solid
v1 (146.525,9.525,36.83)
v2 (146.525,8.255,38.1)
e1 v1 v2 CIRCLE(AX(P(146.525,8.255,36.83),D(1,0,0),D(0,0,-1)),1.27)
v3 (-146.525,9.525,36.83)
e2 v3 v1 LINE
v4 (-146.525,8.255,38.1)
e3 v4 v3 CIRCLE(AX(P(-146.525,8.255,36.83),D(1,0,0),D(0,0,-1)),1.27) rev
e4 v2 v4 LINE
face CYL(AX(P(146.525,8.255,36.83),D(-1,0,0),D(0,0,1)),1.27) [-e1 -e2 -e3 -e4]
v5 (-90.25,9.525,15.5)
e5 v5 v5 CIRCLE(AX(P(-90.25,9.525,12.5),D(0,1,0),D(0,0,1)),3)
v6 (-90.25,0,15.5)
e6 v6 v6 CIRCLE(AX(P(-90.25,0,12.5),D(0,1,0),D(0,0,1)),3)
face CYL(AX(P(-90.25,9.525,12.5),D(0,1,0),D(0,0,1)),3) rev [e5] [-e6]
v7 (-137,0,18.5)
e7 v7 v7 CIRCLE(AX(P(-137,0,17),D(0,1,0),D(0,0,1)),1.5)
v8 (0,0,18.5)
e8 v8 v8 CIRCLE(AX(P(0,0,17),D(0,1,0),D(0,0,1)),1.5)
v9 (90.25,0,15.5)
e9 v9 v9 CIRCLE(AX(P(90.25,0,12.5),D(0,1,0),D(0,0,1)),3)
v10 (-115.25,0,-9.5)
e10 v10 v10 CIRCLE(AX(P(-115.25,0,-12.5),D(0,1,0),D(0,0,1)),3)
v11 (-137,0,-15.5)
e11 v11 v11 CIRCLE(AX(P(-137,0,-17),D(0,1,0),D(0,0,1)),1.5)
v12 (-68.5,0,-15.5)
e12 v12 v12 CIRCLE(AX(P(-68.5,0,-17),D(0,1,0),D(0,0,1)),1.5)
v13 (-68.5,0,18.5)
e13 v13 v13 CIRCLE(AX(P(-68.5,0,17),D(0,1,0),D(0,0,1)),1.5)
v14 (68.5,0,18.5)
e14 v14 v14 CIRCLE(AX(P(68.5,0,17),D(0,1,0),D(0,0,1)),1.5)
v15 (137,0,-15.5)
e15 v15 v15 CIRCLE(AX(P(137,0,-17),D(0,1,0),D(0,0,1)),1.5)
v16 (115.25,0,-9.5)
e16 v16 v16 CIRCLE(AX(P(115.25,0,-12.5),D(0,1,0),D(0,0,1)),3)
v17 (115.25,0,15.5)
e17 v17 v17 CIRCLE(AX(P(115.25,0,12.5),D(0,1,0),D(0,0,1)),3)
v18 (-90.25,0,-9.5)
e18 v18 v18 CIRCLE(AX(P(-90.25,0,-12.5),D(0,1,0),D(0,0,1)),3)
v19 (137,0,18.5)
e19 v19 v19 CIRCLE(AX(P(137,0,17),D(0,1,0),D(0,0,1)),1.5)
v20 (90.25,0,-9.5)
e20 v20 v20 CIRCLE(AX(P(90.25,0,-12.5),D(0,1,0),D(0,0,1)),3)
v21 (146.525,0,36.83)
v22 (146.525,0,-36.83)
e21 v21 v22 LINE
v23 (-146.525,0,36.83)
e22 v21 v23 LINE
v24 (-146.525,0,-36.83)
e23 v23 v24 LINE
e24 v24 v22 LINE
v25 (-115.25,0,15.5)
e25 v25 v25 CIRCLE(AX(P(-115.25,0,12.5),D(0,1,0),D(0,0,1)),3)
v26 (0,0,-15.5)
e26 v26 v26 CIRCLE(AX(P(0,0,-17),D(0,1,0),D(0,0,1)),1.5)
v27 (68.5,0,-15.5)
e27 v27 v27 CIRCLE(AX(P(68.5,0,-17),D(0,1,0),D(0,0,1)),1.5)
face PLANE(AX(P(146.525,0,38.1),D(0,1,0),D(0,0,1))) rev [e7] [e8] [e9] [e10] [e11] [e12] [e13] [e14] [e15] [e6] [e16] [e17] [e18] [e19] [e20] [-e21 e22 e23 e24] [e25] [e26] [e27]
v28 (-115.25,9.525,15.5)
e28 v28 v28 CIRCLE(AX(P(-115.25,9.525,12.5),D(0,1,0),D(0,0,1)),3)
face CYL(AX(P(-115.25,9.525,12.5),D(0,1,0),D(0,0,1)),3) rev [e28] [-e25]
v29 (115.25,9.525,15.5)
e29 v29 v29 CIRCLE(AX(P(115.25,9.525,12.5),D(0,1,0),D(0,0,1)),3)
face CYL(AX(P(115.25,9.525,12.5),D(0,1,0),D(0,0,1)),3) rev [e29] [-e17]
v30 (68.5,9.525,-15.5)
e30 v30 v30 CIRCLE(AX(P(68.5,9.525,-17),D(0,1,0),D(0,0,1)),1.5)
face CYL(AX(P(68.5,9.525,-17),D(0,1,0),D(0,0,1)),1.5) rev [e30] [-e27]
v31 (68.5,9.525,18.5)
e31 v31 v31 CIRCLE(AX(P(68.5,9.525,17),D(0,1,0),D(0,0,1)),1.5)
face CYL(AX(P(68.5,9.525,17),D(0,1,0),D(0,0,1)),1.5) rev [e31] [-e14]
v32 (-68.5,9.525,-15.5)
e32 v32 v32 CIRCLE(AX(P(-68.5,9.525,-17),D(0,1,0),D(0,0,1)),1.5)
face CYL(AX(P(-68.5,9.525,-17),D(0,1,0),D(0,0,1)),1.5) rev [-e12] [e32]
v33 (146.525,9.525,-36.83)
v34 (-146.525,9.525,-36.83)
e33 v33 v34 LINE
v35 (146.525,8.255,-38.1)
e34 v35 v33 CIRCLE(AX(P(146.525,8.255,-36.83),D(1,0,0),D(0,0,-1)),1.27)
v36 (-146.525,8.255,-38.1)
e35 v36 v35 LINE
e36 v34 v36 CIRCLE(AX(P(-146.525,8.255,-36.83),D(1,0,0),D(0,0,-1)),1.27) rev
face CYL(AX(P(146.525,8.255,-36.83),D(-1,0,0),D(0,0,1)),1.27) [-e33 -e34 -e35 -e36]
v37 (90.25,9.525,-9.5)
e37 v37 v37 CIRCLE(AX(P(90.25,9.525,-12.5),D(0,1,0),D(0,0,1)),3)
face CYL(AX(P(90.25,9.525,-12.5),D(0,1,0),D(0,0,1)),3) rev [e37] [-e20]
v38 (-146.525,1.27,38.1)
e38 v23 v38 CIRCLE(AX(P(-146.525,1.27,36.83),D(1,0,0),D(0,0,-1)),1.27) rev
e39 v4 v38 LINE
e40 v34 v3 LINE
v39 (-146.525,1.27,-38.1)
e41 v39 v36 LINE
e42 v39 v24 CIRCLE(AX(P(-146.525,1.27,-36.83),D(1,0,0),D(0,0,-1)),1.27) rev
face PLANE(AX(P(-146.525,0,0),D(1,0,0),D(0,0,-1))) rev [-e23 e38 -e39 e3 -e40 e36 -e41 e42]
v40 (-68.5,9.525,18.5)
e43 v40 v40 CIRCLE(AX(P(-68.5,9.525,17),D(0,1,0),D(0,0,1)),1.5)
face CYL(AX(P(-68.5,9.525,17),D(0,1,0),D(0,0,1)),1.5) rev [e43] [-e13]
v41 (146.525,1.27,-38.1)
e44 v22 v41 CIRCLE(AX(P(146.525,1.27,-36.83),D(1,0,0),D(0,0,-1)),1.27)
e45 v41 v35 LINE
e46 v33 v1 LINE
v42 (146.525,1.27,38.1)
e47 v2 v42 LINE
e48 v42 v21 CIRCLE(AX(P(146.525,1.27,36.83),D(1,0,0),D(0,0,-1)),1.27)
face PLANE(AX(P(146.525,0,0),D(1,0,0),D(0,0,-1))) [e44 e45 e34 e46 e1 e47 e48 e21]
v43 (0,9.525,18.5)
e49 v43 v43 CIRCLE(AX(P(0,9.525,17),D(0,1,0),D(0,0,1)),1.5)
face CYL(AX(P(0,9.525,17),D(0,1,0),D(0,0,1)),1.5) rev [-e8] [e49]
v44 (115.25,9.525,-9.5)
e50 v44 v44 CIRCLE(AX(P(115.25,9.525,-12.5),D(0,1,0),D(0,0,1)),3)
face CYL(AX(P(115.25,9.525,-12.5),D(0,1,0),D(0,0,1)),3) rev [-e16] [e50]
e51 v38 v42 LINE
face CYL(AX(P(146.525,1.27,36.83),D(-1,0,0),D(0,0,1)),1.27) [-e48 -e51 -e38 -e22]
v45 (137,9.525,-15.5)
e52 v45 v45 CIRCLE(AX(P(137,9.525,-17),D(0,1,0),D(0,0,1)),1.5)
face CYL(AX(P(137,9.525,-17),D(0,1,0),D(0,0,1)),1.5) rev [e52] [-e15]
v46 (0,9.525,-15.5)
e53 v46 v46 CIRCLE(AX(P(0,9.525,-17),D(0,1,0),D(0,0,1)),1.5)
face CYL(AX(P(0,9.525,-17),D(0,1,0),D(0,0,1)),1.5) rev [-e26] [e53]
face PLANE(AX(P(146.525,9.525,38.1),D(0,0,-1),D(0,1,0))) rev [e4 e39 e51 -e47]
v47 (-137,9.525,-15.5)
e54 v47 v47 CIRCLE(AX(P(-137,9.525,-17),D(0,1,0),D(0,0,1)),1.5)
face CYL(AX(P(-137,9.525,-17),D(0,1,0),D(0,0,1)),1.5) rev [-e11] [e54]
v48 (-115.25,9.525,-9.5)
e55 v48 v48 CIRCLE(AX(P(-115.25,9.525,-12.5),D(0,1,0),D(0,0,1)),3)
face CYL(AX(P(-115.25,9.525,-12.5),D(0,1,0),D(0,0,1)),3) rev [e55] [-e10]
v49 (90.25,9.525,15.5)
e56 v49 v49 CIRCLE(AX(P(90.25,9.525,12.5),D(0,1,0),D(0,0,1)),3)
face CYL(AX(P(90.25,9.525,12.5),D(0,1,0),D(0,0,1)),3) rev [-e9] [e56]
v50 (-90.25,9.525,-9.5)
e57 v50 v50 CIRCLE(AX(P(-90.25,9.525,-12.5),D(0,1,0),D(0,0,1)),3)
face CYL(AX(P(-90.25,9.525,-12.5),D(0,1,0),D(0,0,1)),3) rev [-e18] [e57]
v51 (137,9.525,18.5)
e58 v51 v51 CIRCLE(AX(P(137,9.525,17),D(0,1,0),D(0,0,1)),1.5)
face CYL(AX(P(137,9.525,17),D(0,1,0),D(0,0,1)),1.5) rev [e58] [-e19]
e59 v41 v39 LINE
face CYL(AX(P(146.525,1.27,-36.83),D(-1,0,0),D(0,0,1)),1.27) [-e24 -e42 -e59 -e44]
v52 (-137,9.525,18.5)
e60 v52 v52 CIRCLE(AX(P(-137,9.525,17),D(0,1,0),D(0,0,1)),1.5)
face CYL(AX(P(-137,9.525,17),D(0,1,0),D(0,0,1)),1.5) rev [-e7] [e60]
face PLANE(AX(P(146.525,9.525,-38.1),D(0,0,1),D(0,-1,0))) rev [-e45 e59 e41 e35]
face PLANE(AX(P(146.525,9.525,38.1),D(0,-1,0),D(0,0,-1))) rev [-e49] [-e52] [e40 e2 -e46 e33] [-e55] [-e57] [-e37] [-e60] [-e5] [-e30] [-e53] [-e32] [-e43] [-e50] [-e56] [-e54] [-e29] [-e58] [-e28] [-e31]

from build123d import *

# Parameters (mm, degrees)
SKETCH1_W             = 76.2
SKETCH1_H             = 9.525
BOSS_EXTRUDE1_DEPTH   = 146.524999939
F_3_0MM_DOWEL_HOLE2_D = 3
FILLET1_R             = 1.27
F_6_0MM_DOWEL_HOLE2_D = 6


with BuildPart() as part:
    # Sketch1 → Boss-Extrude1 (new body, symmetric)
    with BuildSketch(Plane(origin=(0, 0, 0), x_dir=(0, 0, -1), z_dir=(1, 0, 0))):
        with Locations((0, 4.7625)):
            Rectangle(SKETCH1_W, SKETCH1_H)
    extrude(amount=BOSS_EXTRUDE1_DEPTH, both=True)

    # Ø3.0mm Dowel Hole2 (through all)
    with Locations(Plane(origin=(0, 9.525, 0), x_dir=(1, 0, 0), z_dir=(0, 1, 0))):
        with Locations((-137, 17.000000036), (-137, -17.000000036), (-68.5, 17.000000036), (-68.5, -17.000000036), (0, 17.000000036), (0, -17.000000036), (68.5, 17.000000036), (68.5, -17.000000036), (137, 17.000000036), (137, -17.000000036)):
            Hole(F_3_0MM_DOWEL_HOLE2_D / 2)

    # Fillet1
    fillet1_edges = [part.edges().sort_by_distance(p)[0] for p in [
        (0, 9.525, 38.1),
        (0, 9.525, -38.1),
        (0, 0, -38.1),
        (0, 0, 38.1),
    ]]
    fillet(fillet1_edges, radius=FILLET1_R)

    # Ø6.0mm Dowel Hole2 (through all)
    with Locations(Plane(origin=(0, 9.525, 0), x_dir=(1, 0, 0), z_dir=(0, 1, 0))):
        with Locations((-115.25, 12.5), (-115.25, -12.5), (-90.25, 12.5), (-90.25, -12.5), (90.25, 12.5), (90.25, -12.5), (115.25, 12.5), (115.25, -12.5)):
            Hole(F_6_0MM_DOWEL_HOLE2_D / 2)


solid = part.part
